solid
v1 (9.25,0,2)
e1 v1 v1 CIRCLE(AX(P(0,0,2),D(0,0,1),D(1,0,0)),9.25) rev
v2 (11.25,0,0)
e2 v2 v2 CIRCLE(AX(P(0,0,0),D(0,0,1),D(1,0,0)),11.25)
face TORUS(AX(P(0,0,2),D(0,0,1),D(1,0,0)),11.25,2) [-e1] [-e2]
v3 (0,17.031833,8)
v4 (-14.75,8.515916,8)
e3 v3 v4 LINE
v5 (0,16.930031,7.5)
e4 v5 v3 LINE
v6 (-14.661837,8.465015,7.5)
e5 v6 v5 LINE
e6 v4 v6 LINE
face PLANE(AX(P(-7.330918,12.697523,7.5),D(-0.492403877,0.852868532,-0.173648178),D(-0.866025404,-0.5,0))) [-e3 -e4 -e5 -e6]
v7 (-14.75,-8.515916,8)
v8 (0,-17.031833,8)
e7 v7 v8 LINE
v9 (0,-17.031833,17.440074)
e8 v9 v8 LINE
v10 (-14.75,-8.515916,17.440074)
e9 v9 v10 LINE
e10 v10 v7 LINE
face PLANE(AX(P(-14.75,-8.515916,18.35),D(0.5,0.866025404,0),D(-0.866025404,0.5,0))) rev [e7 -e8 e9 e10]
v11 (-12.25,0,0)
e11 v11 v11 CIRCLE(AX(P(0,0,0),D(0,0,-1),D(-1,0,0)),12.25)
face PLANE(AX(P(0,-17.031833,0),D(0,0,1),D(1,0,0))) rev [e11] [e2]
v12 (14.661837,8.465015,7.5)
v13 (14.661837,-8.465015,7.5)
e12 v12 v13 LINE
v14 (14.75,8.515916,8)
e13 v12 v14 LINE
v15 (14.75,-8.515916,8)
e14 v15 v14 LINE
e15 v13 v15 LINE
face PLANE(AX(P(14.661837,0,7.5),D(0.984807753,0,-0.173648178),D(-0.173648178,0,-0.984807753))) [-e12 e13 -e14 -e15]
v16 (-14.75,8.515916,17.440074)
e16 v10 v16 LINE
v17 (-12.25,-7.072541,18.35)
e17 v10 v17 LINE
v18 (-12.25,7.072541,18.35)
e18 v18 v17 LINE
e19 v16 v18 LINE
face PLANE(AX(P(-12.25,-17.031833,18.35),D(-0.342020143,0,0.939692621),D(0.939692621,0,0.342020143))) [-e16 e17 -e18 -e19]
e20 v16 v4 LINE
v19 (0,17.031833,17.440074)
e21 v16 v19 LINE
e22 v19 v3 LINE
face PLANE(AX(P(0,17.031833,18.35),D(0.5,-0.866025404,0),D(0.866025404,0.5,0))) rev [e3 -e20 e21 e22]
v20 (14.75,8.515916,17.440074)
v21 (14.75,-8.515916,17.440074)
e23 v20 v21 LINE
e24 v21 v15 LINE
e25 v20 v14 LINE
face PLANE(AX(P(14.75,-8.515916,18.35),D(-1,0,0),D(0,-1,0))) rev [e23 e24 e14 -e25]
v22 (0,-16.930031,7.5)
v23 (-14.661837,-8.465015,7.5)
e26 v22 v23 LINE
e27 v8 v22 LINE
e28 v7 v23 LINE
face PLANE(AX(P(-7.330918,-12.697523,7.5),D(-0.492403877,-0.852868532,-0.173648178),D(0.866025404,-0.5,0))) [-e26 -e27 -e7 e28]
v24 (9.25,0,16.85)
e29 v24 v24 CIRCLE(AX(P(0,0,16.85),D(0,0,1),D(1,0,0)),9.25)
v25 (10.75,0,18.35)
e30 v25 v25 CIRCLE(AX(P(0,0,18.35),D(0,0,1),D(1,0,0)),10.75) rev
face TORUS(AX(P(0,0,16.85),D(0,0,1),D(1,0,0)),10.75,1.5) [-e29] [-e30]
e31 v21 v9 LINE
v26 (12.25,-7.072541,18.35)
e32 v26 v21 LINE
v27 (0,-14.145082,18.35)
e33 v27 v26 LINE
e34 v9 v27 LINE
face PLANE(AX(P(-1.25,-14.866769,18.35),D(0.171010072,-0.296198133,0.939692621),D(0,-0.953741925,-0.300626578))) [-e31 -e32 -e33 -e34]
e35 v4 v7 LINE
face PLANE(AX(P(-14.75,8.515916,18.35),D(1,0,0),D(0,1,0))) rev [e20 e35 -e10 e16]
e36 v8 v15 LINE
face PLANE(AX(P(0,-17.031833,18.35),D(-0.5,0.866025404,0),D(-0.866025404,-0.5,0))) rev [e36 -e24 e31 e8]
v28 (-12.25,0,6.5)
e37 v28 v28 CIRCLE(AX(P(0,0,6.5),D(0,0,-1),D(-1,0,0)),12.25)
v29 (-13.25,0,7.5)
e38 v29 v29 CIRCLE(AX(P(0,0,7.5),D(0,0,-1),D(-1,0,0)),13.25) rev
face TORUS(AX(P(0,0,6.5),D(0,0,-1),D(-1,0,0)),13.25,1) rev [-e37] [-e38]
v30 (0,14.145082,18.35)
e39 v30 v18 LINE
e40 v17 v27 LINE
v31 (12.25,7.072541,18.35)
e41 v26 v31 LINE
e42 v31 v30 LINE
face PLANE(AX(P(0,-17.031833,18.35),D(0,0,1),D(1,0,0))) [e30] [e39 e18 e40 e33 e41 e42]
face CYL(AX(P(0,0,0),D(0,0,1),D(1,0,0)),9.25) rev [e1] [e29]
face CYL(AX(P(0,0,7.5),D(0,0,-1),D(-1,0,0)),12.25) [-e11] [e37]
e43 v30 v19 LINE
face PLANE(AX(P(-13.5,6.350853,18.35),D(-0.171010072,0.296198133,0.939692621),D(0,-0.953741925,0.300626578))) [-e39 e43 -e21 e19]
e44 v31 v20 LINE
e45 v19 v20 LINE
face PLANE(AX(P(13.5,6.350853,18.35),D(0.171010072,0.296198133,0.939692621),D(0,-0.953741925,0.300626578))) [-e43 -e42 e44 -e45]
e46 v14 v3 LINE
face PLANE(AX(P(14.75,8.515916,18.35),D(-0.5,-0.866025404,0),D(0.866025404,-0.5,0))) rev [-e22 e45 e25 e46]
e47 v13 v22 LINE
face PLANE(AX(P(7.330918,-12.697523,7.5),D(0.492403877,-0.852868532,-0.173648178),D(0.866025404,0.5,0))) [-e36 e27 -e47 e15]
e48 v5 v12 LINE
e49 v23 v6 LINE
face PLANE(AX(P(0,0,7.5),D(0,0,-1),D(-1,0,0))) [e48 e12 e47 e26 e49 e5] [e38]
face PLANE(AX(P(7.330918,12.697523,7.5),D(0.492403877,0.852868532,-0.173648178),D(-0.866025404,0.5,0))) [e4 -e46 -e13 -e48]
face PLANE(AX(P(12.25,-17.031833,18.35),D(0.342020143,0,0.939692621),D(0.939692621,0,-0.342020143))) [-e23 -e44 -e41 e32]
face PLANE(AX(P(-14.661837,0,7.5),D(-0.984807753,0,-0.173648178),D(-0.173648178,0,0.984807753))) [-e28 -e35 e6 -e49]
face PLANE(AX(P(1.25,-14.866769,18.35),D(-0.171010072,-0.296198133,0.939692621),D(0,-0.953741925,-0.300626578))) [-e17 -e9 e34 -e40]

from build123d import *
from OCP.BRepFilletAPI import BRepFilletAPI_MakeChamfer

# Parameters (mm, degrees)
RESSALTO_EXTRUS_O1_DEPTH = 18.35
ESBO_O2_R                = 9.25
CORTE_EXTRUS_O1_DEPTH    = 30.058016679
ESBO_O3_R                = 19.09752109
ESBO_O3_R_2              = 12.25
CORTE_EXTRUS_O2_DEPTH    = 7.5
FILETE1_R                = 2
CHANFRO1_SIZE            = 0.5
CHANFRO1_SIZE2           = 0.08816349
FILETE2_R                = 1
CHANFRO3_SIZE            = 2.5
CHANFRO3_SIZE2           = 0.909925586
FILETE3_R                = 1.5


with BuildPart() as part:
    # Esboço1 → Ressalto-extrusão1 (new body)
    with BuildSketch(Plane.XY):
        Polygon((0, -17.031832941), (14.75, -8.515916471), (14.75, 8.515916471), (0, 17.031832941), (-14.75, 8.515916471), (-14.75, -8.515916471), align=None)
    extrude(amount=RESSALTO_EXTRUS_O1_DEPTH)

    # Esboço2 → Corte-extrusão1 (cut, through all)
    with BuildSketch(Plane.XY.offset(18.35)):
        Circle(ESBO_O2_R)
    extrude(amount=-CORTE_EXTRUS_O1_DEPTH, mode=Mode.SUBTRACT)

    # Esboço3 → Corte-extrusão2 (cut)
    with BuildSketch(Plane(origin=(0, 0, 0), x_dir=(-1, 0, 0), z_dir=(0, 0, -1))):
        Circle(ESBO_O3_R)
        Circle(ESBO_O3_R_2, mode=Mode.SUBTRACT)
    extrude(amount=-CORTE_EXTRUS_O2_DEPTH, mode=Mode.SUBTRACT)

    # Filete1
    filete1_edges = [part.edges().sort_by_distance(p)[0] for p in [
        (-9.25, 0, 0),
    ]]
    fillet(filete1_edges, radius=FILETE1_R)

    # Chanfro1: one chamfer whose edges measure the first distance from different faces: ONE call of the kernel's chamfer builder (chamfer() names one face for all edges)
    chanfro1_edges_1 = [part.edges().sort_by_distance(p)[0] for p in [
        (-14.75, 0, 7.5),
    ]]
    chanfro1_side_1 = [part.faces().sort_by_distance(p)[0] for p in [
        (-14.75, 0, 12.925),
    ]]
    chanfro1_edges_2 = [part.edges().sort_by_distance(p)[0] for p in [
        (7.375, -12.773874706, 7.5),
    ]]
    chanfro1_side_2 = [part.faces().sort_by_distance(p)[0] for p in [
        (7.375, -12.773874706, 12.925),
    ]]
    chanfro1_edges_3 = [part.edges().sort_by_distance(p)[0] for p in [
        (-7.375, -12.773874706, 7.5),
    ]]
    chanfro1_side_3 = [part.faces().sort_by_distance(p)[0] for p in [
        (-7.375, -12.773874706, 12.925),
    ]]
    chanfro1_edges_4 = [part.edges().sort_by_distance(p)[0] for p in [
        (-7.375, 12.773874706, 7.5),
    ]]
    chanfro1_side_4 = [part.faces().sort_by_distance(p)[0] for p in [
        (-7.375, 12.773874706, 12.925),
    ]]
    chanfro1_edges_5 = [part.edges().sort_by_distance(p)[0] for p in [
        (7.375, 12.773874706, 7.5),
    ]]
    chanfro1_side_5 = [part.faces().sort_by_distance(p)[0] for p in [
        (7.375, 12.773874706, 12.925),
    ]]
    chanfro1_edges_6 = [part.edges().sort_by_distance(p)[0] for p in [
        (14.75, 0, 7.5),
    ]]
    chanfro1_side_6 = [part.faces().sort_by_distance(p)[0] for p in [
        (14.75, 0, 12.925),
    ]]
    chanfro1 = BRepFilletAPI_MakeChamfer(part.part.solid().wrapped)
    for e in chanfro1_edges_1:
        chanfro1.Add(CHANFRO1_SIZE, CHANFRO1_SIZE2, e.wrapped, chanfro1_side_1[0].wrapped)  # the first distance lies on this face
    for e in chanfro1_edges_2:
        chanfro1.Add(CHANFRO1_SIZE, CHANFRO1_SIZE2, e.wrapped, chanfro1_side_2[0].wrapped)  # the first distance lies on this face
    for e in chanfro1_edges_3:
        chanfro1.Add(CHANFRO1_SIZE, CHANFRO1_SIZE2, e.wrapped, chanfro1_side_3[0].wrapped)  # the first distance lies on this face
    for e in chanfro1_edges_4:
        chanfro1.Add(CHANFRO1_SIZE, CHANFRO1_SIZE2, e.wrapped, chanfro1_side_4[0].wrapped)  # the first distance lies on this face
    for e in chanfro1_edges_5:
        chanfro1.Add(CHANFRO1_SIZE, CHANFRO1_SIZE2, e.wrapped, chanfro1_side_5[0].wrapped)  # the first distance lies on this face
    for e in chanfro1_edges_6:
        chanfro1.Add(CHANFRO1_SIZE, CHANFRO1_SIZE2, e.wrapped, chanfro1_side_6[0].wrapped)  # the first distance lies on this face
    add(Compound.cast(chanfro1.Shape()), mode=Mode.REPLACE)

    # Filete2
    filete2_edges = [part.edges().sort_by_distance(p)[0] for p in [
        (12.25, 0, 7.5),
    ]]
    fillet(filete2_edges, radius=FILETE2_R)

    # Chanfro3
    chanfro3_edges = [part.edges().sort_by_distance(p)[0] for p in [
        (14.75, 0, 18.35),
        (7.375, 12.773874706, 18.35),
        (-7.375, 12.773874706, 18.35),
        (-14.75, 0, 18.35),
        (-7.375, -12.773874706, 18.35),
        (7.375, -12.773874706, 18.35),
    ]]
    chanfro3_side = [part.faces().sort_by_distance(p)[0] for p in [
        (7.149690028, -12.383626387, 18.35),
    ]]
    chamfer(chanfro3_edges, length=CHANFRO3_SIZE, length2=CHANFRO3_SIZE2, reference=chanfro3_side[0])

    # Filete3
    filete3_edges = [part.edges().sort_by_distance(p)[0] for p in [
        (-9.25, 0, 18.35),
    ]]
    fillet(filete3_edges, radius=FILETE3_R)


solid = part.part
